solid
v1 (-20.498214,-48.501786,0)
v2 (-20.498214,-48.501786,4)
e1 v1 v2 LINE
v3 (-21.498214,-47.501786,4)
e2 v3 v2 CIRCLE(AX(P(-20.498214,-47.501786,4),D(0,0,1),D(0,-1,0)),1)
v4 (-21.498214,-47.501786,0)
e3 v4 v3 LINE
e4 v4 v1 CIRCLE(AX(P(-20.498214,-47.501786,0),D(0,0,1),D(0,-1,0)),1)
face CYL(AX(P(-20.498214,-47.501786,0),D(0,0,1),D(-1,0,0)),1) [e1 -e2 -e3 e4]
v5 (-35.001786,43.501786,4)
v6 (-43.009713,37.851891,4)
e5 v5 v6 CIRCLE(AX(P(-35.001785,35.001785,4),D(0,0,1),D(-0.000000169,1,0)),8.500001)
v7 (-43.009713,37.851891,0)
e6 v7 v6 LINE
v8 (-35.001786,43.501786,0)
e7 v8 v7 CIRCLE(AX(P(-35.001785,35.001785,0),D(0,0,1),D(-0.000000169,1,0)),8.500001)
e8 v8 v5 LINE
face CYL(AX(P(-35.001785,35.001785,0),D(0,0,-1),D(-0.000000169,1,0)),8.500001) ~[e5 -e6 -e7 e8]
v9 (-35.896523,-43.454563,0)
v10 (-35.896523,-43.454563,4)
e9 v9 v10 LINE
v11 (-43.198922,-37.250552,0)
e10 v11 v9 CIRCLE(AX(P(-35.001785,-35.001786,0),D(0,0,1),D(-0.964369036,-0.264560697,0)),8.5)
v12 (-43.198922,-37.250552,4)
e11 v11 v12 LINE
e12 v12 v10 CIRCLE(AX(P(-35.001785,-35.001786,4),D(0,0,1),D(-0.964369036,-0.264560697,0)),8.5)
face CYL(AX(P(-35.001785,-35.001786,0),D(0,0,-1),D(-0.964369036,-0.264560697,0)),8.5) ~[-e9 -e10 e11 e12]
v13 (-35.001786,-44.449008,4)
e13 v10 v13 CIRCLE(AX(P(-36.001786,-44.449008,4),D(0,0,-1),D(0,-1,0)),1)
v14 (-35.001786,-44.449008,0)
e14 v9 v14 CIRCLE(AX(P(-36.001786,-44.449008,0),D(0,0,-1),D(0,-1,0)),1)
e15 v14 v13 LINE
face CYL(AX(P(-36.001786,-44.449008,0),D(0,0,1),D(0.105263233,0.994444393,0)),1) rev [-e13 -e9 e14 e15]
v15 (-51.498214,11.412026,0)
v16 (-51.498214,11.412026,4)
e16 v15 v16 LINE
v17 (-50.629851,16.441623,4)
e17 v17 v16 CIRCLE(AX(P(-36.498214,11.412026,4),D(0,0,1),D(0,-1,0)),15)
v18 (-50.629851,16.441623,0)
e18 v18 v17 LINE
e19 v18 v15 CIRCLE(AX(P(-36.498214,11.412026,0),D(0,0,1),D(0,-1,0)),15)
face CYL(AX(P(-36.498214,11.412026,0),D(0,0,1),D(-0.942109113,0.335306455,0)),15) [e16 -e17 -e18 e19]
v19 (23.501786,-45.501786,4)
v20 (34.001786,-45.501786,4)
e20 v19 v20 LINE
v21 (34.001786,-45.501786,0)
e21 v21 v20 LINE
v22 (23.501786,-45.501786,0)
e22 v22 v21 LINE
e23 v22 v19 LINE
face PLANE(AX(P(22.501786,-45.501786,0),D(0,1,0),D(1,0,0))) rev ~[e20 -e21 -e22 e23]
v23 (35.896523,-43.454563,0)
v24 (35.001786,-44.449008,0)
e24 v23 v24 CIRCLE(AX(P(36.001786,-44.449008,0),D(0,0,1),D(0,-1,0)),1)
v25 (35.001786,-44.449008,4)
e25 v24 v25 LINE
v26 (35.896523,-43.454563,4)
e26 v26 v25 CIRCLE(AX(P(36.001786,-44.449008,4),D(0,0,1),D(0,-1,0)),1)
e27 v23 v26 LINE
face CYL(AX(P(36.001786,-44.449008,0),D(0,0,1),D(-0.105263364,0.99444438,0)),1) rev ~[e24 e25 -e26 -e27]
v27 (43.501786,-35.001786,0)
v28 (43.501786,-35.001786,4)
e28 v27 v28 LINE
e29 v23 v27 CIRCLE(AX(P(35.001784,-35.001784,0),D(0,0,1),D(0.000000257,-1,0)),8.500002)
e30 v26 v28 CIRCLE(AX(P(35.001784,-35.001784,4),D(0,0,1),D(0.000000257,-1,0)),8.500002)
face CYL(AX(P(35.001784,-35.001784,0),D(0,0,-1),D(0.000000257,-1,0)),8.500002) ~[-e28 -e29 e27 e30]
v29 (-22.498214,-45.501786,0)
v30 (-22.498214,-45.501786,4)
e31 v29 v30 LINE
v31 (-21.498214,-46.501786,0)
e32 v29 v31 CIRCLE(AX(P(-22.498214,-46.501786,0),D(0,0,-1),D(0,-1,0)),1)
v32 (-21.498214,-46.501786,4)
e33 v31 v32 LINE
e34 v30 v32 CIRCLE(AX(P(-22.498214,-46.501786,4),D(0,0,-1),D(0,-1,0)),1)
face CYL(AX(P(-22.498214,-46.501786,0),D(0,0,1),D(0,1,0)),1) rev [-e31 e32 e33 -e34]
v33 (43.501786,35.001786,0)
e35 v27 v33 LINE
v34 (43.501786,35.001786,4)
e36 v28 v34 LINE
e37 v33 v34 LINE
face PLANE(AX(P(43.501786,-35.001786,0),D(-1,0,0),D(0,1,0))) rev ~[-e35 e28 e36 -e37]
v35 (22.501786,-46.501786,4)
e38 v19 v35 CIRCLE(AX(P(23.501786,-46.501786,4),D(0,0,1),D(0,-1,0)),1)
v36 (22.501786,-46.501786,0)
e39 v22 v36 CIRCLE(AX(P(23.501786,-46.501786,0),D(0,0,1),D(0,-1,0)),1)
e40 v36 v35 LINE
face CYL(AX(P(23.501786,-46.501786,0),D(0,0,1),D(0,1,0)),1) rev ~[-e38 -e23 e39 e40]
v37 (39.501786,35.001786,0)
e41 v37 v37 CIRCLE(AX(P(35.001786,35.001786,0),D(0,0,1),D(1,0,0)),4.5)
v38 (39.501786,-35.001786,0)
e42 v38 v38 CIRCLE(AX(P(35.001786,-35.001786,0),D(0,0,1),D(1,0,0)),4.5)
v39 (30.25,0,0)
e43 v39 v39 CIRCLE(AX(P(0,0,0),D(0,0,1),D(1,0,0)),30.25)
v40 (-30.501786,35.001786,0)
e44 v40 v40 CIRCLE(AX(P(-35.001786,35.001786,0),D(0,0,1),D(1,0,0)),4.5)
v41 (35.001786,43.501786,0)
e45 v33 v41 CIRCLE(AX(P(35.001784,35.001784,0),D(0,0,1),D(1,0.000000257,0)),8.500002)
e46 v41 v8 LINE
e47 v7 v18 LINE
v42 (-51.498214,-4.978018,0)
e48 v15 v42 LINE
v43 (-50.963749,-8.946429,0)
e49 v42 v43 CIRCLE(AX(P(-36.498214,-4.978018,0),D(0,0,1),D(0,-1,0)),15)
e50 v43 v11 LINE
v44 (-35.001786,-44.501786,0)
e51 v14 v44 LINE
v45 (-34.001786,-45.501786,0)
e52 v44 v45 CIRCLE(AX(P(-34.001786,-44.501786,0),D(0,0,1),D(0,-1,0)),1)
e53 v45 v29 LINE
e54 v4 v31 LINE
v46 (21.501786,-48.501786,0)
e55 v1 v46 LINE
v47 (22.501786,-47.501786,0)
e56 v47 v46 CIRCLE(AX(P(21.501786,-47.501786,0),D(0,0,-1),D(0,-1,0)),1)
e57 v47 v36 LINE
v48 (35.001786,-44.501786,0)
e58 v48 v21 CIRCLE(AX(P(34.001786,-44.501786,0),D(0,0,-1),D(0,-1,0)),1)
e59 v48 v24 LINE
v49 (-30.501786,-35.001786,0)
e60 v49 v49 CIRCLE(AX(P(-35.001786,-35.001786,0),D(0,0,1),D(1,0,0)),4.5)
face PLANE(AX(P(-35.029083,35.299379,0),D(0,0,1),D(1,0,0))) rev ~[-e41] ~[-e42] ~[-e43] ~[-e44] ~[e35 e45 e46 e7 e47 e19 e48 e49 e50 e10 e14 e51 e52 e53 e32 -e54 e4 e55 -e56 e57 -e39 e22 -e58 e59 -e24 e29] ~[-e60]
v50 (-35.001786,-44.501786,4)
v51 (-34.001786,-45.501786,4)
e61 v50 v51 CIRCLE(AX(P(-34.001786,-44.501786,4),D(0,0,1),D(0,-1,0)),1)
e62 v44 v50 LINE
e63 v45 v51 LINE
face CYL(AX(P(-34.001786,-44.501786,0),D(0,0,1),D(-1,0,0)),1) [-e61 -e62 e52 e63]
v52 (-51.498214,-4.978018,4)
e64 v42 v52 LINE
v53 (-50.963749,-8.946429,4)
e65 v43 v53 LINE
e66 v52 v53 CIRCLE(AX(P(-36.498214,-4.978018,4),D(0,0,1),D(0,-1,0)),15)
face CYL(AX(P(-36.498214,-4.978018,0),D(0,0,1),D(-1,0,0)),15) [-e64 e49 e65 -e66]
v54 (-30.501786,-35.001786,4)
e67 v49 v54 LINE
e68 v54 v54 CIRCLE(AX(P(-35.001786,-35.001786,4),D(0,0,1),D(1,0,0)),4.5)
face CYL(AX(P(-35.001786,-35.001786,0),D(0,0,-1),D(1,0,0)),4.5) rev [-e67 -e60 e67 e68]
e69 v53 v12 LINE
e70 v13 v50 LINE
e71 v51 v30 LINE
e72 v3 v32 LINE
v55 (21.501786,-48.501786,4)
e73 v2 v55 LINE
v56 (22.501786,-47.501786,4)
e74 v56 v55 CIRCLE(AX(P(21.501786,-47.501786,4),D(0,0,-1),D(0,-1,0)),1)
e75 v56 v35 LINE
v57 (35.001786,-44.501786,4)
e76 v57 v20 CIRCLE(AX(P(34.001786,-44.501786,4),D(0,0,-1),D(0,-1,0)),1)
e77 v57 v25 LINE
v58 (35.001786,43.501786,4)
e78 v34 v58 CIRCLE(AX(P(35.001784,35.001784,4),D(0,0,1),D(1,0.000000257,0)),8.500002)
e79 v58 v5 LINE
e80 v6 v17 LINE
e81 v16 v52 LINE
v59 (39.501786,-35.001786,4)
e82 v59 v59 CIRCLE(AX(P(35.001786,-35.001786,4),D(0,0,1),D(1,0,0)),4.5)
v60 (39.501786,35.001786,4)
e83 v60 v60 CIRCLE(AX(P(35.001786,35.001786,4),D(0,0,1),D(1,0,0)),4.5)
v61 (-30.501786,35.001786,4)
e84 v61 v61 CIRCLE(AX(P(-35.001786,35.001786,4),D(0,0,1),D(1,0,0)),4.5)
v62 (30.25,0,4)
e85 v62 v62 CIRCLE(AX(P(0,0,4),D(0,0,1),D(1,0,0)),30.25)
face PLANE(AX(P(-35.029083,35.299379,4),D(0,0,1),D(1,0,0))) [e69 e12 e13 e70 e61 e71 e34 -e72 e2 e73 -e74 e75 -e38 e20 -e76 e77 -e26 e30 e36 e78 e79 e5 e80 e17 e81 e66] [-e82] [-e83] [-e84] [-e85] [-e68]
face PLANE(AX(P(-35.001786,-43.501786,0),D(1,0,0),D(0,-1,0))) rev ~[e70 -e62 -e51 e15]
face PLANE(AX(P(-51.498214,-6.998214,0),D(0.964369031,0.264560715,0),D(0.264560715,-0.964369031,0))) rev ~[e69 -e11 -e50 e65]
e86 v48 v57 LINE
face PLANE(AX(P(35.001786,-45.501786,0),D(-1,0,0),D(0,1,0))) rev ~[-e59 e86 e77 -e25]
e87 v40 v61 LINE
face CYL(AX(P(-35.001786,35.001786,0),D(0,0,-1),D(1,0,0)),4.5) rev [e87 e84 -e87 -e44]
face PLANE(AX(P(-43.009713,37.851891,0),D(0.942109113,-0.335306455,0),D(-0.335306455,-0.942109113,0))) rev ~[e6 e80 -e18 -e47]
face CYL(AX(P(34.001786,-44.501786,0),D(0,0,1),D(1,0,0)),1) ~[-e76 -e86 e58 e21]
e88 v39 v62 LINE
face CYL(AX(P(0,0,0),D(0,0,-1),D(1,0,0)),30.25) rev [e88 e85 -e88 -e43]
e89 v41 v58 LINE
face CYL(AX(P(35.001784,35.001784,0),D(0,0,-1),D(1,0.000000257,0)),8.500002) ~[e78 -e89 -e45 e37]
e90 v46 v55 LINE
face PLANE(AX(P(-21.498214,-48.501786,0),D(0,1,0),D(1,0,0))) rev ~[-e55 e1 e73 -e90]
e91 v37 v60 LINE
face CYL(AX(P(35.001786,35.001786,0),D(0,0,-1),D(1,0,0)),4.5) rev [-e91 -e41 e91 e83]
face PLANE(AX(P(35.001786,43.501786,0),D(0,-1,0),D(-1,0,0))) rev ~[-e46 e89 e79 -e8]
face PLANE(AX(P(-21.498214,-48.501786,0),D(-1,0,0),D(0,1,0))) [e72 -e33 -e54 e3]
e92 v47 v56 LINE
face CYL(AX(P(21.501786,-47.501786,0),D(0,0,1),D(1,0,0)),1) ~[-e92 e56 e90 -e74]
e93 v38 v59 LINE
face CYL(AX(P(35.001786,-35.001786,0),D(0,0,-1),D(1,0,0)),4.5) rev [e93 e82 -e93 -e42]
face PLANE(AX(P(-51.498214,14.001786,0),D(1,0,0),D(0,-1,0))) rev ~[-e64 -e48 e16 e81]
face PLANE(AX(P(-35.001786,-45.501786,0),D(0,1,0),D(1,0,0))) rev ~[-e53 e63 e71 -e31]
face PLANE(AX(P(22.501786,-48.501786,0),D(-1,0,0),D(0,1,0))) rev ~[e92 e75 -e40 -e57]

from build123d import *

# Parameters (mm, degrees)
F0_R     = 4.5
F0_R_2   = 30.25
F0_W     = 44
F0_H     = 3
F1_DEPTH = 4
F2_R     = 15
F3_R     = 1


with BuildPart() as f1:
    # F0 (on Top) → F1 (new body)
    with BuildSketch(Plane.XY):
        with BuildLine():
            ThreePointArc((-43.501786, 35.001786), (-35.001786, 26.501786), (-26.501786, 35.001786))
            ThreePointArc((-26.501786, 35.001786), (-28.991378, 41.012193), (-35.001786, 43.501786))
            ThreePointArc((-35.001786, 43.501786), (-39.901995, 41.94714), (-43.009713, 37.851891))
            ThreePointArc((-43.009713, 37.851891), (-43.377864, 36.447921), (-43.501786, 35.001786))
        make_face()
        with Locations((-35.001786, 35.001786)):
            Circle(F0_R, mode=Mode.SUBTRACT)
        with BuildLine():
            ThreePointArc((-35.001786, 43.501786), (-28.991378, 41.012193), (-26.501786, 35.001786))
            ThreePointArc((-26.501786, 35.001786), (-35.001786, 26.501786), (-43.501786, 35.001786))
            Line((-43.501786, 35.001786), (-43.501786, -35.001786))
            ThreePointArc((-43.501786, -35.001786), (-35.001786, -26.501786), (-26.501786, -35.001786))
            ThreePointArc((-26.501786, -35.001786), (-28.991378, -41.012193), (-35.001786, -43.501786))
            Line((-35.001786, -43.501786), (35.001786, -43.501786))
            ThreePointArc((35.001786, -43.501786), (28.991378, -28.991378), (43.501786, -35.001786))
            Line((43.501786, -35.001786), (43.501786, 35.001786))
            ThreePointArc((43.501786, 35.001786), (28.991378, 28.991378), (35.001786, 43.501786))
            Line((35.001786, 43.501786), (-35.001786, 43.501786))
        make_face()
        Circle(F0_R_2, mode=Mode.SUBTRACT)
        with BuildLine():
            Line((-43.501786, -35.001786), (-43.501786, 35.001786))
            ThreePointArc((-43.501786, 35.001786), (-43.377864, 36.447921), (-43.009713, 37.851891))
            Line((-43.009713, 37.851891), (-51.498214, 14.001786))
            Line((-51.498214, 14.001786), (-51.498214, -6.998214))
            Line((-51.498214, -6.998214), (-43.198922, -37.250552))
            ThreePointArc((-43.198922, -37.250552), (-43.42573, -36.13632), (-43.501786, -35.001786))
        make_face()
        with BuildLine():
            ThreePointArc((43.501786, 35.001786), (41.012193, 41.012193), (35.001786, 43.501786))
            ThreePointArc((35.001786, 43.501786), (28.991378, 28.991378), (43.501786, 35.001786))
        make_face()
        with Locations((35.001786, 35.001786)):
            Circle(F0_R, mode=Mode.SUBTRACT)
        with BuildLine():
            ThreePointArc((-26.501786, -35.001786), (-35.001786, -26.501786), (-43.501786, -35.001786))
            ThreePointArc((-43.501786, -35.001786), (-43.42573, -36.13632), (-43.198922, -37.250552))
            ThreePointArc((-43.198922, -37.250552), (-40.156176, -41.760651), (-35.001786, -43.501786))
            ThreePointArc((-35.001786, -43.501786), (-28.991378, -41.012193), (-26.501786, -35.001786))
        make_face()
        with Locations((-35.001786, -35.001786)):
            Circle(F0_R, mode=Mode.SUBTRACT)
        with BuildLine():
            ThreePointArc((35.001786, -43.501786), (41.012193, -41.012193), (43.501786, -35.001786))
            ThreePointArc((43.501786, -35.001786), (28.991378, -28.991378), (35.001786, -43.501786))
        make_face()
        with Locations((35.001786, -35.001786)):
            Circle(F0_R, mode=Mode.SUBTRACT)
        Polygon((35.001786, -43.501786), (-35.001786, -43.501786), (-35.001786, -45.501786), (-21.498214, -45.501786), (22.501786, -45.501786), (35.001786, -45.501786), align=None)
        with Locations((0.501786, -47.001786)):
            Rectangle(F0_W, F0_H)
    extrude(amount=F1_DEPTH)

    # F2
    f2_edges = [f1.edges().sort_by_distance(p)[0] for p in [
        (-51.498214, 14.001786, 2),
        (-51.498214, -6.998214, 2),
    ]]
    fillet(f2_edges, radius=F2_R)

    # F3
    f3_edges = [f1.edges().sort_by_distance(p)[0] for p in [
        (-35.001786, -43.501786, 2),
        (-21.498214, -45.501786, 2),
        (22.501786, -45.501786, 2),
        (35.001786, -43.501786, 2),
        (-35.001786, -45.501786, 2),
        (-21.498214, -48.501786, 2),
        (22.501786, -48.501786, 2),
        (35.001786, -45.501786, 2),
    ]]
    fillet(f3_edges, radius=F3_R)


solid = f1.part
